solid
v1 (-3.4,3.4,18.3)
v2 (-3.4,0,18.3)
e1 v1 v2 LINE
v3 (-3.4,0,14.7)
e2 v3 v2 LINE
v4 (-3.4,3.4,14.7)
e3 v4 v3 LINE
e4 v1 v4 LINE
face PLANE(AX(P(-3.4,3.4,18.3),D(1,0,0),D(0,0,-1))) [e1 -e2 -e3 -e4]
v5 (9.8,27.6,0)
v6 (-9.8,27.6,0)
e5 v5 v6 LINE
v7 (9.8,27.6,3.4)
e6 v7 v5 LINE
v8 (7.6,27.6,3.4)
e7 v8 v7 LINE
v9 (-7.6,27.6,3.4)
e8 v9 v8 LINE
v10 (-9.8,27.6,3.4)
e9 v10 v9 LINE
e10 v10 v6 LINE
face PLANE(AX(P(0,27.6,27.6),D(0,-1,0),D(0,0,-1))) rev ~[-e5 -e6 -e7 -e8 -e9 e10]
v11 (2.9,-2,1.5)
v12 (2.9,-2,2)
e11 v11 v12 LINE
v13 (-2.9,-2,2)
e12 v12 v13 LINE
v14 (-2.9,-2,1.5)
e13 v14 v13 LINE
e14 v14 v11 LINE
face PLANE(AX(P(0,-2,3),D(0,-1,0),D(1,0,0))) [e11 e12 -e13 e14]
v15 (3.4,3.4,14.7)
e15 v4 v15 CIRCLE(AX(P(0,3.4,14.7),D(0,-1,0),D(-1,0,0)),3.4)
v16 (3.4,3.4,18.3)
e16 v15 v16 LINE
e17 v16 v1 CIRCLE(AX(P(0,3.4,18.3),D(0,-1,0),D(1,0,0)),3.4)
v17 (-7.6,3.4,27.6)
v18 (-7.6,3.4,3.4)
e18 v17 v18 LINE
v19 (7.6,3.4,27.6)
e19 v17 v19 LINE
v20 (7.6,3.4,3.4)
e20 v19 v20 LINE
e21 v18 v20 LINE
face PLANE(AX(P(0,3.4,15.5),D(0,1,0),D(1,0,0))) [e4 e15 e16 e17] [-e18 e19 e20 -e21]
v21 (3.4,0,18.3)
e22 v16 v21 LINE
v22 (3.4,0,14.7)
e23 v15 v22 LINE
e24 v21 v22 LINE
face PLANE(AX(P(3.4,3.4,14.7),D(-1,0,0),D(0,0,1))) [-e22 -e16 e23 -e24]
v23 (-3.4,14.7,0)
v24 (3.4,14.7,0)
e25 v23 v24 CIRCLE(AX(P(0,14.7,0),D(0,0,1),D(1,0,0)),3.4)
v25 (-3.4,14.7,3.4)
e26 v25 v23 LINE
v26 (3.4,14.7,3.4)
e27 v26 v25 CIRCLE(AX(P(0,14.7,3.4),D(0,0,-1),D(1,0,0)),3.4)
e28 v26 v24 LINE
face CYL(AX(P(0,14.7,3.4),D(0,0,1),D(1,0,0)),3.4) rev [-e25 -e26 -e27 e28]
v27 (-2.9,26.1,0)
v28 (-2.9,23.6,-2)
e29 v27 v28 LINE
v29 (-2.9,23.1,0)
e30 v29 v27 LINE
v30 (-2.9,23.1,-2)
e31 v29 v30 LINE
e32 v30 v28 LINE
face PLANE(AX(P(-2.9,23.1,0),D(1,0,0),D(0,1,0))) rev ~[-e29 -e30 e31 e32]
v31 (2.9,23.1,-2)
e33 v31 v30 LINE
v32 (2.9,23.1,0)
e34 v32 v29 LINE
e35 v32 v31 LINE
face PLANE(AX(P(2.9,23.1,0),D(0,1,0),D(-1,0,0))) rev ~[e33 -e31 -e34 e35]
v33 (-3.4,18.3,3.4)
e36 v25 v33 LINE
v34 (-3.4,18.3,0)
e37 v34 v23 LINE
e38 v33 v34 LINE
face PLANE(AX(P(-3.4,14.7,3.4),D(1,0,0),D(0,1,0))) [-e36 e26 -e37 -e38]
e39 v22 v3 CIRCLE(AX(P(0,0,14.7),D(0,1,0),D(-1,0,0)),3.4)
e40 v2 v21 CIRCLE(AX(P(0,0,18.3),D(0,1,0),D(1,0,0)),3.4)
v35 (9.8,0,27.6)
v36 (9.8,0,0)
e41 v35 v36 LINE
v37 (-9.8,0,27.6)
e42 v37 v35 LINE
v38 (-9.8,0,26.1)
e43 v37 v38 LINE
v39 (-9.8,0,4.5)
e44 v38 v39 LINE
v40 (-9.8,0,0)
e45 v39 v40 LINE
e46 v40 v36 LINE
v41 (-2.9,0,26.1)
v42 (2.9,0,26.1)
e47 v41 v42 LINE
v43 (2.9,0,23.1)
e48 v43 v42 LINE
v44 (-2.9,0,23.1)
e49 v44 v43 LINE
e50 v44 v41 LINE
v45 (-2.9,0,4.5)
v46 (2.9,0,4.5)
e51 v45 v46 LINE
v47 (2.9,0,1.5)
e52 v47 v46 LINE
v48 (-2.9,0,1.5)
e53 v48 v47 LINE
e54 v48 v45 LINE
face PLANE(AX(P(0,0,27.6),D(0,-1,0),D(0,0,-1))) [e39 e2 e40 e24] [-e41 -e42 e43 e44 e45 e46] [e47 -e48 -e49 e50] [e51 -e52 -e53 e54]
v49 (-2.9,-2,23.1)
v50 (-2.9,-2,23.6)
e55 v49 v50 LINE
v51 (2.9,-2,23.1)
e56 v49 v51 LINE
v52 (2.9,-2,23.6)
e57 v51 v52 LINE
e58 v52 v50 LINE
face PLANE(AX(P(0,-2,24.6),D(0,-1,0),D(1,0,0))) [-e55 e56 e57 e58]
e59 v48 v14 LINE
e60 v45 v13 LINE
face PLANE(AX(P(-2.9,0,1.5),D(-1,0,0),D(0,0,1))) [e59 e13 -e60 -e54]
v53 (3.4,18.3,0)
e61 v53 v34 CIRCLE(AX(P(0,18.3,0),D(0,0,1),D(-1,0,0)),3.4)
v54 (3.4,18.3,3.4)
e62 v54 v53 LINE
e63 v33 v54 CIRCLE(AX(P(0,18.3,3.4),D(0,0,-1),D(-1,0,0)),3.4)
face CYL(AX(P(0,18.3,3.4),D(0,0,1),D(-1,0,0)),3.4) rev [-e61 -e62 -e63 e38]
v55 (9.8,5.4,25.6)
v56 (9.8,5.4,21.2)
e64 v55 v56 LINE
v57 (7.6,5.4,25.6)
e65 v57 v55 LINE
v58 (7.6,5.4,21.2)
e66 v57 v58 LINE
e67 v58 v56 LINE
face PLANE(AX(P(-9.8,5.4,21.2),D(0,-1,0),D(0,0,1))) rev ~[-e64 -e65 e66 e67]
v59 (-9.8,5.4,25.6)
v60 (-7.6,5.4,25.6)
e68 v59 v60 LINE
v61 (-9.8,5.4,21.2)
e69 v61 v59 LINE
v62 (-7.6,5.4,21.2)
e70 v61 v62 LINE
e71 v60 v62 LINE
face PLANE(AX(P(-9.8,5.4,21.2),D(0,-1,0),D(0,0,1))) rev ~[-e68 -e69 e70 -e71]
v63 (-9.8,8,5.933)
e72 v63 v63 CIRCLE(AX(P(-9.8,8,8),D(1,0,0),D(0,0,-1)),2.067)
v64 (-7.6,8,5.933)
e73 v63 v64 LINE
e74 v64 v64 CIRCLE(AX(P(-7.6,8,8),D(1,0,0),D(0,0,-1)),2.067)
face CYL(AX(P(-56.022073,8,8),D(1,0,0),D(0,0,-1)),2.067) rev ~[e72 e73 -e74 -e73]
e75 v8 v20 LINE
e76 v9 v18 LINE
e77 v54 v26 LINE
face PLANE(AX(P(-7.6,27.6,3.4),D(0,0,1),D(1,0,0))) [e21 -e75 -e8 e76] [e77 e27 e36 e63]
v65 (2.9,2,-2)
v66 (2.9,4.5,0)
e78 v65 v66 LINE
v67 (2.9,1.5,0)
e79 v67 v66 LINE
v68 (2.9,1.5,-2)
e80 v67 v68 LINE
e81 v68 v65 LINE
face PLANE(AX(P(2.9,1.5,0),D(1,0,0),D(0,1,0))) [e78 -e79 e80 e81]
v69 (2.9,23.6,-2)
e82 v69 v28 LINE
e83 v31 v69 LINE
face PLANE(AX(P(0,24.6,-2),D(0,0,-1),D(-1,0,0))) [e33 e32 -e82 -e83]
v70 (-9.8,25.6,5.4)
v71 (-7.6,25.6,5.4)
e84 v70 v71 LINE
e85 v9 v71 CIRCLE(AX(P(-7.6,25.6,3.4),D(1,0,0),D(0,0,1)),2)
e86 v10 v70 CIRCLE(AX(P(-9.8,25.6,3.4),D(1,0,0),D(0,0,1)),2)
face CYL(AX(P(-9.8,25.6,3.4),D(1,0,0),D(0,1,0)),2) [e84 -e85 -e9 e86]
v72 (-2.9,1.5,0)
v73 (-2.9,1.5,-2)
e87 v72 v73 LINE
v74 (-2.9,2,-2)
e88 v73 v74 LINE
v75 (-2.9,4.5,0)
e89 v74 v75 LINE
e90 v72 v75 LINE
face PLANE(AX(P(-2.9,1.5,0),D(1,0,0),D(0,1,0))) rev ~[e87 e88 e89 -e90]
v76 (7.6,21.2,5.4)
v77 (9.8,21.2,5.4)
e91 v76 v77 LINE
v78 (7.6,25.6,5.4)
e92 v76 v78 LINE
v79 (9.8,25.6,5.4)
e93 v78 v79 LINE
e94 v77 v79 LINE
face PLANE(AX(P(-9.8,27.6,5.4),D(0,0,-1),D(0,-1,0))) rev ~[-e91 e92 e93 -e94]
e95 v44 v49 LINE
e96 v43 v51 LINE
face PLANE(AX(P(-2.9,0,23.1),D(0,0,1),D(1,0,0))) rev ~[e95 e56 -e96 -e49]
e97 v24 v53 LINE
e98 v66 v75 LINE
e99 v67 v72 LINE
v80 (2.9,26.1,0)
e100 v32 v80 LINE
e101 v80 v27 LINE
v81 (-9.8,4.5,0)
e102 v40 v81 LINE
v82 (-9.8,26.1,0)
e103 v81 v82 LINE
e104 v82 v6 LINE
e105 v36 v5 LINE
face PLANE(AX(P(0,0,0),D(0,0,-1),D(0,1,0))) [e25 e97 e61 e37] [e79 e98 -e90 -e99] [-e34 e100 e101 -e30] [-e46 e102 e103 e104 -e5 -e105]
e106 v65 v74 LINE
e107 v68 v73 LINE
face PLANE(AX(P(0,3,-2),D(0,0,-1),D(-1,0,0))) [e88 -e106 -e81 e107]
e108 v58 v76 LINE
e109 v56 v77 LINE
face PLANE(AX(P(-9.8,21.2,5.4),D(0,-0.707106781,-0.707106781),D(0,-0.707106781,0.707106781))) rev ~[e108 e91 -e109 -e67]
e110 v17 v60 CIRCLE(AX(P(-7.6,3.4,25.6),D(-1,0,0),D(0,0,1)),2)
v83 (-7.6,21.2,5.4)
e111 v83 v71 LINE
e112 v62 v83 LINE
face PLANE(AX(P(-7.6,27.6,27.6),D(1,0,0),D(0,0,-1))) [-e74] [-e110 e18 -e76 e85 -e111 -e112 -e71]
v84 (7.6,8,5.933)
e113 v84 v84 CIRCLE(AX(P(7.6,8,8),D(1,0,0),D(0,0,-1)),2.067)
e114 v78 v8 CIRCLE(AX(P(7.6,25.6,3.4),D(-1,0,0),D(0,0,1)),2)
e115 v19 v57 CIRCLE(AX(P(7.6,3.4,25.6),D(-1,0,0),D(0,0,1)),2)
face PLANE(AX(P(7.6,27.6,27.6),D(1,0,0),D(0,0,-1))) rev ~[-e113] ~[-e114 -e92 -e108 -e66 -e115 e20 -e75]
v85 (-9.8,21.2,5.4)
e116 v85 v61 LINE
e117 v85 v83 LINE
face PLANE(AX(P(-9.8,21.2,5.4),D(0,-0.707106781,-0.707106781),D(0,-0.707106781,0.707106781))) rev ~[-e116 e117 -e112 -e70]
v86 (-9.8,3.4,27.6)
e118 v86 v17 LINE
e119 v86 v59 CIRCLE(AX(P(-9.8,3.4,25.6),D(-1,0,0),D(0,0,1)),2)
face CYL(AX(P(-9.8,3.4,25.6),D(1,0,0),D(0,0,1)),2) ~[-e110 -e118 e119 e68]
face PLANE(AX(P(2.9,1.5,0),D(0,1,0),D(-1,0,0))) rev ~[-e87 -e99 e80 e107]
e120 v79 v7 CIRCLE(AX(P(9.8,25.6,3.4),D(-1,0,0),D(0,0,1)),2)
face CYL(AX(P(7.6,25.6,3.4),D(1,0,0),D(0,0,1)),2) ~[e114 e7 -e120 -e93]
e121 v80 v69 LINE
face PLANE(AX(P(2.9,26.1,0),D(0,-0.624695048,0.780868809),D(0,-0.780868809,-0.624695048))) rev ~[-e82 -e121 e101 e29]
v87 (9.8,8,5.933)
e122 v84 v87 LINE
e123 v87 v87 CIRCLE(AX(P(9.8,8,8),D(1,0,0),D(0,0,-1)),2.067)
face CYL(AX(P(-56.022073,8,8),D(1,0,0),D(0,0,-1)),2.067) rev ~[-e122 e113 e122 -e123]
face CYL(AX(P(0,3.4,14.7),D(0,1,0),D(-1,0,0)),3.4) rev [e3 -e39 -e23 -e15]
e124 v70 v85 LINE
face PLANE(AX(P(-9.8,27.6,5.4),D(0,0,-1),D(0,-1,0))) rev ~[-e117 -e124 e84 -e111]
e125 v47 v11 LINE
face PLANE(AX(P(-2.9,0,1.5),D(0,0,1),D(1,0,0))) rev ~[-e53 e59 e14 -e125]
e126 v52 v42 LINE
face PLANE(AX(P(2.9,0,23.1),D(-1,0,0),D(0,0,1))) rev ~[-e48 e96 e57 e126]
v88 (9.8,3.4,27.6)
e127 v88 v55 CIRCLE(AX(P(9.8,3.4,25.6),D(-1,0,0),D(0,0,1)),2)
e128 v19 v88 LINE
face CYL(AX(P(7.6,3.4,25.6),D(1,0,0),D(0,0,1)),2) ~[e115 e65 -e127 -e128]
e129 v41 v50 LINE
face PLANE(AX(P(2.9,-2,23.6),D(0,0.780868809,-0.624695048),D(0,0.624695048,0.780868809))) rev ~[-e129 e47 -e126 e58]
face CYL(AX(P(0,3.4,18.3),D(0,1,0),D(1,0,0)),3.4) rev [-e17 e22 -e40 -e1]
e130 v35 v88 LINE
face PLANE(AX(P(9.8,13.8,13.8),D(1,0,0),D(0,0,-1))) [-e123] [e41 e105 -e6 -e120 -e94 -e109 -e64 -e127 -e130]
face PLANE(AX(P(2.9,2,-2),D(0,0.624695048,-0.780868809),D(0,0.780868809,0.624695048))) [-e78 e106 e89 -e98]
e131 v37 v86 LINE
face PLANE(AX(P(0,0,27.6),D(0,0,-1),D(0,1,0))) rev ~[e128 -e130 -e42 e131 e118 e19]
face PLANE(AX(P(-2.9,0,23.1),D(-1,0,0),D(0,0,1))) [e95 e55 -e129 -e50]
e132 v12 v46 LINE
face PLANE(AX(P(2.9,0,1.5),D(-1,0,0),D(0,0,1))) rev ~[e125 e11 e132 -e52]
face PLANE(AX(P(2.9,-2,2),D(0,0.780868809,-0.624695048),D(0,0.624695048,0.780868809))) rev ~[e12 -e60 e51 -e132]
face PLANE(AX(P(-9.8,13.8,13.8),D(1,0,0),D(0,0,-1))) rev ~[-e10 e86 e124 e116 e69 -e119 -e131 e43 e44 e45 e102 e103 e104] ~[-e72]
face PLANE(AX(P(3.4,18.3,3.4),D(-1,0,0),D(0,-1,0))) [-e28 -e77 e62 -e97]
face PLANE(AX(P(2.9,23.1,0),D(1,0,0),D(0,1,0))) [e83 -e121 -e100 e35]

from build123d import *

# Parameters (mm, degrees)
SKETCH1_W           = 27.6
SKETCH1_H           = 27.6
BOSS_EXTRUDE1_DEPTH = 9.8
CUT_EXTRUDE1_DEPTH  = 44.676996234
SKETCH3_W           = 15.2
SKETCH3_H           = 24.2
CUT_EXTRUDE2_DEPTH  = 24.2
CUT_EXTRUDE3_DEPTH  = 44.676996234
FILLET110_R         = 2
CUT_EXTRUDE4_DEPTH  = 38.992630864
CUT_EXTRUDE5_DEPTH  = 38.992630864
SKETCH7_W           = 5.8
SKETCH7_H           = 3
BOSS_EXTRUDE2_DEPTH = 2
SKETCH8_W           = 5.8
SKETCH8_H           = 3
BOSS_EXTRUDE3_DEPTH = 2
CUT_EXTRUDE6_DEPTH  = 42.046437117
TAP101_D            = 4.134


with BuildPart() as part:
    # Sketch1 → Boss-Extrude1 (new, symmetric)
    with BuildSketch(Plane(origin=(0, 0, 0), x_dir=(0, 0, -1), z_dir=(1, 0, 0))):
        with Locations((-13.8, 13.8)):
            Rectangle(SKETCH1_W, SKETCH1_H)
    extrude(amount=BOSS_EXTRUDE1_DEPTH, both=True)

    # Sketch2 → Cut-Extrude1 (cut, through all)
    with BuildSketch(Plane.ZY.offset(9.8)):
        Polygon((27.6, 27.6), (5.4, 27.6), (27.6, 5.4), align=None)
    extrude(amount=-CUT_EXTRUDE1_DEPTH, mode=Mode.SUBTRACT)

    # Sketch3 → Cut-Extrude2 (cut)
    with BuildSketch(Plane(origin=(0, 27.6, 0), x_dir=(1, 0, 0), z_dir=(0, 1, 0))):
        with Locations((0, -15.5)):
            Rectangle(SKETCH3_W, SKETCH3_H)
    extrude(amount=-CUT_EXTRUDE2_DEPTH, mode=Mode.SUBTRACT)

    # Sketch4 → Cut-Extrude3 (cut, through all)
    with BuildSketch(Plane.ZY.offset(9.8)):
        Polygon((5.4, 27.6), (5.4, 21.2), (21.2, 5.4), (27.6, 5.4), align=None)
    extrude(amount=-CUT_EXTRUDE3_DEPTH, mode=Mode.SUBTRACT)

    # Fillet110
    fillet110_edges = [part.edges().sort_by_distance(p)[0] for p in [
        (8.7, 5.4, 27.6),
        (-8.7, 5.4, 27.6),
        (8.7, 27.6, 5.4),
        (-8.7, 27.6, 5.4),
    ]]
    fillet(fillet110_edges, radius=FILLET110_R)

    # Sketch5 → Cut-Extrude4 (cut, through all)
    with BuildSketch(Plane.XY.offset(3.4)):
        with BuildLine():
            Line((-3.4, 14.7), (-3.4, 18.3))
            ThreePointArc((-3.4, 18.3), (0, 21.7), (3.4, 18.3))
            Line((3.4, 18.3), (3.4, 14.7))
            ThreePointArc((3.4, 14.7), (0, 11.3), (-3.4, 14.7))
        make_face()
    extrude(amount=-CUT_EXTRUDE4_DEPTH, mode=Mode.SUBTRACT)

    # Sketch6 → Cut-Extrude5 (cut, through all)
    with BuildSketch(Plane(origin=(0, 3.4, 0), x_dir=(1, 0, 0), z_dir=(0, 1, 0))):
        with BuildLine():
            Line((3.4, -14.7), (3.4, -18.3))
            ThreePointArc((3.4, -18.3), (0, -21.7), (-3.4, -18.3))
            Line((-3.4, -18.3), (-3.4, -14.7))
            ThreePointArc((-3.4, -14.7), (0, -11.3), (3.4, -14.7))
        make_face()
    extrude(amount=-CUT_EXTRUDE5_DEPTH, mode=Mode.SUBTRACT)

    # Sketch7 → Boss-Extrude2 (add)
    with BuildSketch(Plane(origin=(0, 0, 0), x_dir=(-1, 0, 0), z_dir=(0, 0, -1))):
        with Locations((0, 24.6)):
            Rectangle(SKETCH7_W, SKETCH7_H)
        with Locations((0, 3)):
            Rectangle(SKETCH7_W, SKETCH7_H)
    extrude(amount=BOSS_EXTRUDE2_DEPTH)

    # Sketch8 → Boss-Extrude3 (add)
    with BuildSketch(Plane.XZ):
        with Locations((0, 24.6)):
            Rectangle(SKETCH8_W, SKETCH8_H)
        with Locations((0, 3)):
            Rectangle(SKETCH8_W, SKETCH8_H)
    extrude(amount=BOSS_EXTRUDE3_DEPTH)

    # Sketch9 → Cut-Extrude6 (cut, through all)
    with BuildSketch(Plane(origin=(2.9, 0, 0), x_dir=(0, 0, -1), z_dir=(1, 0, 0))):
        Polygon((0, 26.1), (2, 23.6), (2, 26.1), align=None)
        Polygon((0, 4.5), (2, 4.5), (2, 2), align=None)
        Polygon((-26.1, 0), (-26.1, -2), (-23.6, -2), align=None)
        Polygon((-4.5, 0), (-4.5, -2), (-2, -2), align=None)
    extrude(amount=-CUT_EXTRUDE6_DEPTH, mode=Mode.SUBTRACT)

    # Tap101 (through all)
    with Locations(Plane.ZY.offset(9.8)):
        with Locations((8, 8)):
            Hole(TAP101_D / 2)


solid = part.part
